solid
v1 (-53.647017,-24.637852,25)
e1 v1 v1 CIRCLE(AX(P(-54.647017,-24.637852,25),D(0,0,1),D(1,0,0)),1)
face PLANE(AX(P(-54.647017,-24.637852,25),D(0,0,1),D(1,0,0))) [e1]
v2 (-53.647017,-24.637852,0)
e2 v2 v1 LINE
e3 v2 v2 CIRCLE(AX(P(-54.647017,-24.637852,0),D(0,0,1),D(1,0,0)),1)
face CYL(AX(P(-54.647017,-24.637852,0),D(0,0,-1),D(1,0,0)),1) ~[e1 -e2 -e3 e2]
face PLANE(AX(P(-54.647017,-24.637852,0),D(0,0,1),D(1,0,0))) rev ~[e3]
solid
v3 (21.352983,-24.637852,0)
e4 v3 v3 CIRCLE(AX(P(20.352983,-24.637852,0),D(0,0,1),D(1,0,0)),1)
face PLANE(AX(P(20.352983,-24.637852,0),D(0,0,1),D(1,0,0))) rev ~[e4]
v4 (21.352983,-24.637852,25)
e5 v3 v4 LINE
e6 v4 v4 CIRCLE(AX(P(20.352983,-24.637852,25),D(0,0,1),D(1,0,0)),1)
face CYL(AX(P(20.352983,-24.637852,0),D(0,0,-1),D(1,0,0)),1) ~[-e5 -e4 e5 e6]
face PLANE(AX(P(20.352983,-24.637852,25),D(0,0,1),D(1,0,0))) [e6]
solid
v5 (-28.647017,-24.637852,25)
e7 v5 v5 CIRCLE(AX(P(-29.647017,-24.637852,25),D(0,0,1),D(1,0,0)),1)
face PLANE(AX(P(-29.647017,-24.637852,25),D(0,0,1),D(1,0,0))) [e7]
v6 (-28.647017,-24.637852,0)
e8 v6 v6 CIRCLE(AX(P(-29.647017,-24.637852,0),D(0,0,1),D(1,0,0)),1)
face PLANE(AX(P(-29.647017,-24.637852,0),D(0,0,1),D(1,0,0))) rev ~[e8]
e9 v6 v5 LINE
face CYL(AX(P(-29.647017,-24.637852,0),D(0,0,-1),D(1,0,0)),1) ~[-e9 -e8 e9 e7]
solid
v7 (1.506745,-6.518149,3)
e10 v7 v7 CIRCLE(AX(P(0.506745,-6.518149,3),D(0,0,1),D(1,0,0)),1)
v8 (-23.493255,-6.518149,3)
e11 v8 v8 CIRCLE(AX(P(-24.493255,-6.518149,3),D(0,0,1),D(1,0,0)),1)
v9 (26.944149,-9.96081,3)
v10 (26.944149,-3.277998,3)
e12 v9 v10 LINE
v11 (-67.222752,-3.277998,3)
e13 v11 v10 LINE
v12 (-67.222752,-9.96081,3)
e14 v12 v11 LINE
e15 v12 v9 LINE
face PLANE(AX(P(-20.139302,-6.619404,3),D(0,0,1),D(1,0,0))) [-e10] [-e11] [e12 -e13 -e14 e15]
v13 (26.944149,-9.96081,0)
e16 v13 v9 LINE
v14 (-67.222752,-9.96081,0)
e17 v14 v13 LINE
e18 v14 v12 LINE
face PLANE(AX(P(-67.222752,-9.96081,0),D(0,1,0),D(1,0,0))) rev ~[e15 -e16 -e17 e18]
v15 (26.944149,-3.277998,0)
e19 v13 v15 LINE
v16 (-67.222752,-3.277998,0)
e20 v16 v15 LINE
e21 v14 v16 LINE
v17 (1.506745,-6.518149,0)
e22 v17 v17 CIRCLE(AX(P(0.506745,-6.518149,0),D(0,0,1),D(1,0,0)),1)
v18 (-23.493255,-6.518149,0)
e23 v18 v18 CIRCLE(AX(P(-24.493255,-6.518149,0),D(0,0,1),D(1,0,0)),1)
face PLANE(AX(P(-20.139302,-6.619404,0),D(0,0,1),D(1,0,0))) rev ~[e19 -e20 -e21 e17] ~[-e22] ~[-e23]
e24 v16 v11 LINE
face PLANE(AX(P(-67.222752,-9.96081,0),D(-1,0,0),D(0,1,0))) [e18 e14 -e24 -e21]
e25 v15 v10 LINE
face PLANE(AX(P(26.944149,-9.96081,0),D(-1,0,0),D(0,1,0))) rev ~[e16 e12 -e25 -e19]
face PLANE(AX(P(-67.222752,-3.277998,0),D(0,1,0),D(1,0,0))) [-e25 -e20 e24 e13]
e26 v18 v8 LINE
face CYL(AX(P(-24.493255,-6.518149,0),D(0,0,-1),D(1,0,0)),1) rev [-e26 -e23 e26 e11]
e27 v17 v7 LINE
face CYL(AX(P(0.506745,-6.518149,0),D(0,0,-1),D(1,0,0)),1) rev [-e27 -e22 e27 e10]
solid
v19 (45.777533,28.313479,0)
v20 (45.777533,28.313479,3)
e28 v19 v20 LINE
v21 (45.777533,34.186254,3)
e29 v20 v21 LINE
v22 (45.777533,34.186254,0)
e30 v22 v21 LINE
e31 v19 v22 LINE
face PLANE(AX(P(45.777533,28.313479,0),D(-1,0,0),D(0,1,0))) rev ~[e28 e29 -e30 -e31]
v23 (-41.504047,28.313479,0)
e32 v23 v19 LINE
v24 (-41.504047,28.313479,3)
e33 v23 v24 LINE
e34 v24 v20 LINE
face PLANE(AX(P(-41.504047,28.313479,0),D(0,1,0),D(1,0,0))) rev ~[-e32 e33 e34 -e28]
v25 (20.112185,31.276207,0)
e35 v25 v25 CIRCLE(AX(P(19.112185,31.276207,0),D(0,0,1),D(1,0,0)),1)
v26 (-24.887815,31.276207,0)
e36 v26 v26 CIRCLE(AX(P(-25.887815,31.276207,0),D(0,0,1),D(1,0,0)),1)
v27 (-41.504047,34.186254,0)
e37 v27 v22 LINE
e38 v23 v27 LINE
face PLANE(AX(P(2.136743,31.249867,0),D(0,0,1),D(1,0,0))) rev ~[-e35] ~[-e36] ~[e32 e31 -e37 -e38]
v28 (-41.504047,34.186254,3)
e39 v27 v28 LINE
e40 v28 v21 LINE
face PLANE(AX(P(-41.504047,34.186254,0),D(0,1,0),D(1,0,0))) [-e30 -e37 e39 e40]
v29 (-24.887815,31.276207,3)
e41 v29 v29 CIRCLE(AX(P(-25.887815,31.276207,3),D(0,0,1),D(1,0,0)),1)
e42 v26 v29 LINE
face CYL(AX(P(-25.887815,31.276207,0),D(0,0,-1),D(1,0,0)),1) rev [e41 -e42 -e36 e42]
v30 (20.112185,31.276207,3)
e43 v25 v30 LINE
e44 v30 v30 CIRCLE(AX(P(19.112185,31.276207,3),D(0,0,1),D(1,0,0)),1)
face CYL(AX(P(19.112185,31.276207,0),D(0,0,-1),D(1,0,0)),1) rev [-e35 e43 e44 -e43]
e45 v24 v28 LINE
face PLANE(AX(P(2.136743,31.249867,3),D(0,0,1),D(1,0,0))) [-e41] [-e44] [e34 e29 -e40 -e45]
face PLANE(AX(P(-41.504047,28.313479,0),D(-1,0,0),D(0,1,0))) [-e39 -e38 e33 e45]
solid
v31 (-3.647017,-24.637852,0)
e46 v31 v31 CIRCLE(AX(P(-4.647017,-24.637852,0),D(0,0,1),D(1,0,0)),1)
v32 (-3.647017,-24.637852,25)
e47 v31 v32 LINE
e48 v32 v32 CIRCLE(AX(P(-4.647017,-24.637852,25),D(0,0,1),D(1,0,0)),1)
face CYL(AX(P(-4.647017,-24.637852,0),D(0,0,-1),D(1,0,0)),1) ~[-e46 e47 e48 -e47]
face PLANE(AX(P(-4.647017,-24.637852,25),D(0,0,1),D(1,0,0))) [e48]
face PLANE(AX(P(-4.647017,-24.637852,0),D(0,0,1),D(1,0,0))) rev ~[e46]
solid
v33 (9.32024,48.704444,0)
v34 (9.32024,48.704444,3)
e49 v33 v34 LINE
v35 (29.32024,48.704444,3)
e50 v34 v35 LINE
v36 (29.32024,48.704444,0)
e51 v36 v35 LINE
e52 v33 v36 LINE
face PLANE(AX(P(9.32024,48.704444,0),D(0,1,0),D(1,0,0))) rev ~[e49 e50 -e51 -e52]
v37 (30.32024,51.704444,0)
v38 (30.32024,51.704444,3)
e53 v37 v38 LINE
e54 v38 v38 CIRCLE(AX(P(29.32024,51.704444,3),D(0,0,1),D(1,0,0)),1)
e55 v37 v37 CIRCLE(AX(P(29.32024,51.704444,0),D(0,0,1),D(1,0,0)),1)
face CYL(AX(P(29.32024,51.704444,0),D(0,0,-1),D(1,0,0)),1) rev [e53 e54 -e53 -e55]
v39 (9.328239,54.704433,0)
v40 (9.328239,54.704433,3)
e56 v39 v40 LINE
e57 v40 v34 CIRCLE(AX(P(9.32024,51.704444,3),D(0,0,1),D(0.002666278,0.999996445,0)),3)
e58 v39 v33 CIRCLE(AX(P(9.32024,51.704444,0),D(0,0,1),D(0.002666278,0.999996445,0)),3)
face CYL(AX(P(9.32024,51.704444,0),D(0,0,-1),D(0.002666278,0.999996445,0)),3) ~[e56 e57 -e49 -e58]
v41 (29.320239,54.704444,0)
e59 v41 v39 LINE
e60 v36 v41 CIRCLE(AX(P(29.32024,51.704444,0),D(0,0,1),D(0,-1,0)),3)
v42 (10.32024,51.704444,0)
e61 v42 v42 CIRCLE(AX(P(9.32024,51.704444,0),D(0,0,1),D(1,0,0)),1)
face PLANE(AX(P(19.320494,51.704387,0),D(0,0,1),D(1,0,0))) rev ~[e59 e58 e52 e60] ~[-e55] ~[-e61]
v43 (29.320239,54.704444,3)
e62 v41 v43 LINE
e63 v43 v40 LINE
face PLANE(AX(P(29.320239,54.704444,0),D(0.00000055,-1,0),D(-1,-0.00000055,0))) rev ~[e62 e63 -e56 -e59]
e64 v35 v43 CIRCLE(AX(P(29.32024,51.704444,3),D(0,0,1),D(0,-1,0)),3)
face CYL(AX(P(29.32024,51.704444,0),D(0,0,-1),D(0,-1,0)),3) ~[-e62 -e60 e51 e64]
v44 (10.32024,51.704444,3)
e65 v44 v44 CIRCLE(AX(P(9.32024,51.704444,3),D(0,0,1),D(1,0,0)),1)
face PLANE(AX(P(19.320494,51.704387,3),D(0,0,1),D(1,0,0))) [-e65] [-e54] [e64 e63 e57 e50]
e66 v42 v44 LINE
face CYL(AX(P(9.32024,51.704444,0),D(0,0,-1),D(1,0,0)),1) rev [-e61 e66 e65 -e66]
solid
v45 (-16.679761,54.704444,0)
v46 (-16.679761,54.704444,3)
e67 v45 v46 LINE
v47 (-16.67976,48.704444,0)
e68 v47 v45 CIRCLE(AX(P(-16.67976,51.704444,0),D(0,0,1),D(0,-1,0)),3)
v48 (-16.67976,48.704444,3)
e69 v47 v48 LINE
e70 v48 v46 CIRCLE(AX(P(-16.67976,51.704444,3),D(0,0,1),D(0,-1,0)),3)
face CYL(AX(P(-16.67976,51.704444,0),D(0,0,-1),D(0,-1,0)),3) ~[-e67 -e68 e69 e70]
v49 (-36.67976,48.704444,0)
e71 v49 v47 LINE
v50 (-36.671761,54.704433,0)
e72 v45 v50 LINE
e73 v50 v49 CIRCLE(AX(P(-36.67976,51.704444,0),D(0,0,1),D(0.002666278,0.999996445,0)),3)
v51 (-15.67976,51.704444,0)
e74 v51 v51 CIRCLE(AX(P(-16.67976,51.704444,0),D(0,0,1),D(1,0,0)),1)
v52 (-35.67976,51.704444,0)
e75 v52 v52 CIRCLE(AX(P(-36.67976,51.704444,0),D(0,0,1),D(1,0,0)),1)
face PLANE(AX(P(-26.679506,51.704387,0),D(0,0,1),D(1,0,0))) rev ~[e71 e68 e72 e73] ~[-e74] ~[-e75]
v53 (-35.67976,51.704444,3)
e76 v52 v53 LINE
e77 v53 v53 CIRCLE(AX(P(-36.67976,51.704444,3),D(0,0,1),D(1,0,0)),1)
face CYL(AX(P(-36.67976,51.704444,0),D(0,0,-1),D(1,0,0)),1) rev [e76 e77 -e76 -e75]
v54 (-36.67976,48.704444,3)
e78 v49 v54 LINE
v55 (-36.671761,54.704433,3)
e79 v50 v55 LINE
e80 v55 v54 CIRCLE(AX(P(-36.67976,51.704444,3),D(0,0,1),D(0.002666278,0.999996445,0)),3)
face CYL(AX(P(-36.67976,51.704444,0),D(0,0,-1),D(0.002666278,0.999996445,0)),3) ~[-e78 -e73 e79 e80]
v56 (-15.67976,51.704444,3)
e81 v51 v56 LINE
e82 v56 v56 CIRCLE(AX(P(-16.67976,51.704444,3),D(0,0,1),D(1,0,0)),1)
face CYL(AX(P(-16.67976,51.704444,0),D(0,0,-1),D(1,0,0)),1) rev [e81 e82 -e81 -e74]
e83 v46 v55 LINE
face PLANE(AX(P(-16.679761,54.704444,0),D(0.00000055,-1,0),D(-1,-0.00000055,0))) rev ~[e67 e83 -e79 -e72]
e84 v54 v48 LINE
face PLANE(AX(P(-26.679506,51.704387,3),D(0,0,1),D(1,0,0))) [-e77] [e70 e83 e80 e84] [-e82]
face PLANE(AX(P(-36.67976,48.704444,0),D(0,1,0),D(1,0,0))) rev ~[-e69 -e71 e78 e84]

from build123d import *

# Parameters (mm, degrees)
F0_W     = 87.281581
F0_H     = 5.872775
F0_R     = 1
F0_W_2   = 94.166901
F0_H_2   = 6.682812
F1_DEPTH = 3
F2_R     = 1
F3_DEPTH = 25


with BuildPart() as f1:
    # F0 (on Top) → F1 (new body)
    with BuildSketch(Plane.XY):
        with Locations((2.136743, 31.249867)):
            Rectangle(F0_W, F0_H)
        with Locations((-25.887815, 31.276207)):
            Circle(F0_R, mode=Mode.SUBTRACT)
        with Locations((19.112185, 31.276207)):
            Circle(F0_R, mode=Mode.SUBTRACT)
        with Locations((-20.139302, -6.619404)):
            Rectangle(F0_W_2, F0_H_2)
        with Locations((-24.493255, -6.518149)):
            Circle(F0_R, mode=Mode.SUBTRACT)
        with Locations((0.506745, -6.518149)):
            Circle(F0_R, mode=Mode.SUBTRACT)
        with BuildLine():
            ThreePointArc((-36.671761, 54.704433), (-39.679757, 51.708443), (-36.67976, 48.704444))
            Line((-36.67976, 48.704444), (-16.67976, 48.704444))
            ThreePointArc((-16.67976, 48.704444), (-13.67976, 51.704445), (-16.679761, 54.704444))
            Line((-16.679761, 54.704444), (-36.671761, 54.704433))
        make_face()
        with Locations((-36.67976, 51.704444)):
            Circle(F0_R, mode=Mode.SUBTRACT)
        with Locations((-16.67976, 51.704444)):
            Circle(F0_R, mode=Mode.SUBTRACT)
        with BuildLine():
            Line((29.320239, 54.704444), (9.328239, 54.704433))
            ThreePointArc((9.328239, 54.704433), (6.320243, 51.708443), (9.32024, 48.704444))
            Line((9.32024, 48.704444), (29.32024, 48.704444))
            ThreePointArc((29.32024, 48.704444), (32.32024, 51.704445), (29.320239, 54.704444))
        make_face()
        with Locations((9.32024, 51.704444)):
            Circle(F0_R, mode=Mode.SUBTRACT)
        with Locations((29.32024, 51.704444)):
            Circle(F0_R, mode=Mode.SUBTRACT)
    extrude(amount=F1_DEPTH)


with BuildPart() as f3:
    # F2 (on Top) → F3 (new body)
    with BuildSketch(Plane.XY):
        with Locations((-54.647017, -24.637852)):
            Circle(F2_R)
        with Locations((-29.647017, -24.637852)):
            Circle(F2_R)
        with Locations((-4.647017, -24.637852)):
            Circle(F2_R)
        with Locations((20.352983, -24.637852)):
            Circle(F2_R)
    extrude(amount=F3_DEPTH)


solid = Compound([f1.part, f3.part])
